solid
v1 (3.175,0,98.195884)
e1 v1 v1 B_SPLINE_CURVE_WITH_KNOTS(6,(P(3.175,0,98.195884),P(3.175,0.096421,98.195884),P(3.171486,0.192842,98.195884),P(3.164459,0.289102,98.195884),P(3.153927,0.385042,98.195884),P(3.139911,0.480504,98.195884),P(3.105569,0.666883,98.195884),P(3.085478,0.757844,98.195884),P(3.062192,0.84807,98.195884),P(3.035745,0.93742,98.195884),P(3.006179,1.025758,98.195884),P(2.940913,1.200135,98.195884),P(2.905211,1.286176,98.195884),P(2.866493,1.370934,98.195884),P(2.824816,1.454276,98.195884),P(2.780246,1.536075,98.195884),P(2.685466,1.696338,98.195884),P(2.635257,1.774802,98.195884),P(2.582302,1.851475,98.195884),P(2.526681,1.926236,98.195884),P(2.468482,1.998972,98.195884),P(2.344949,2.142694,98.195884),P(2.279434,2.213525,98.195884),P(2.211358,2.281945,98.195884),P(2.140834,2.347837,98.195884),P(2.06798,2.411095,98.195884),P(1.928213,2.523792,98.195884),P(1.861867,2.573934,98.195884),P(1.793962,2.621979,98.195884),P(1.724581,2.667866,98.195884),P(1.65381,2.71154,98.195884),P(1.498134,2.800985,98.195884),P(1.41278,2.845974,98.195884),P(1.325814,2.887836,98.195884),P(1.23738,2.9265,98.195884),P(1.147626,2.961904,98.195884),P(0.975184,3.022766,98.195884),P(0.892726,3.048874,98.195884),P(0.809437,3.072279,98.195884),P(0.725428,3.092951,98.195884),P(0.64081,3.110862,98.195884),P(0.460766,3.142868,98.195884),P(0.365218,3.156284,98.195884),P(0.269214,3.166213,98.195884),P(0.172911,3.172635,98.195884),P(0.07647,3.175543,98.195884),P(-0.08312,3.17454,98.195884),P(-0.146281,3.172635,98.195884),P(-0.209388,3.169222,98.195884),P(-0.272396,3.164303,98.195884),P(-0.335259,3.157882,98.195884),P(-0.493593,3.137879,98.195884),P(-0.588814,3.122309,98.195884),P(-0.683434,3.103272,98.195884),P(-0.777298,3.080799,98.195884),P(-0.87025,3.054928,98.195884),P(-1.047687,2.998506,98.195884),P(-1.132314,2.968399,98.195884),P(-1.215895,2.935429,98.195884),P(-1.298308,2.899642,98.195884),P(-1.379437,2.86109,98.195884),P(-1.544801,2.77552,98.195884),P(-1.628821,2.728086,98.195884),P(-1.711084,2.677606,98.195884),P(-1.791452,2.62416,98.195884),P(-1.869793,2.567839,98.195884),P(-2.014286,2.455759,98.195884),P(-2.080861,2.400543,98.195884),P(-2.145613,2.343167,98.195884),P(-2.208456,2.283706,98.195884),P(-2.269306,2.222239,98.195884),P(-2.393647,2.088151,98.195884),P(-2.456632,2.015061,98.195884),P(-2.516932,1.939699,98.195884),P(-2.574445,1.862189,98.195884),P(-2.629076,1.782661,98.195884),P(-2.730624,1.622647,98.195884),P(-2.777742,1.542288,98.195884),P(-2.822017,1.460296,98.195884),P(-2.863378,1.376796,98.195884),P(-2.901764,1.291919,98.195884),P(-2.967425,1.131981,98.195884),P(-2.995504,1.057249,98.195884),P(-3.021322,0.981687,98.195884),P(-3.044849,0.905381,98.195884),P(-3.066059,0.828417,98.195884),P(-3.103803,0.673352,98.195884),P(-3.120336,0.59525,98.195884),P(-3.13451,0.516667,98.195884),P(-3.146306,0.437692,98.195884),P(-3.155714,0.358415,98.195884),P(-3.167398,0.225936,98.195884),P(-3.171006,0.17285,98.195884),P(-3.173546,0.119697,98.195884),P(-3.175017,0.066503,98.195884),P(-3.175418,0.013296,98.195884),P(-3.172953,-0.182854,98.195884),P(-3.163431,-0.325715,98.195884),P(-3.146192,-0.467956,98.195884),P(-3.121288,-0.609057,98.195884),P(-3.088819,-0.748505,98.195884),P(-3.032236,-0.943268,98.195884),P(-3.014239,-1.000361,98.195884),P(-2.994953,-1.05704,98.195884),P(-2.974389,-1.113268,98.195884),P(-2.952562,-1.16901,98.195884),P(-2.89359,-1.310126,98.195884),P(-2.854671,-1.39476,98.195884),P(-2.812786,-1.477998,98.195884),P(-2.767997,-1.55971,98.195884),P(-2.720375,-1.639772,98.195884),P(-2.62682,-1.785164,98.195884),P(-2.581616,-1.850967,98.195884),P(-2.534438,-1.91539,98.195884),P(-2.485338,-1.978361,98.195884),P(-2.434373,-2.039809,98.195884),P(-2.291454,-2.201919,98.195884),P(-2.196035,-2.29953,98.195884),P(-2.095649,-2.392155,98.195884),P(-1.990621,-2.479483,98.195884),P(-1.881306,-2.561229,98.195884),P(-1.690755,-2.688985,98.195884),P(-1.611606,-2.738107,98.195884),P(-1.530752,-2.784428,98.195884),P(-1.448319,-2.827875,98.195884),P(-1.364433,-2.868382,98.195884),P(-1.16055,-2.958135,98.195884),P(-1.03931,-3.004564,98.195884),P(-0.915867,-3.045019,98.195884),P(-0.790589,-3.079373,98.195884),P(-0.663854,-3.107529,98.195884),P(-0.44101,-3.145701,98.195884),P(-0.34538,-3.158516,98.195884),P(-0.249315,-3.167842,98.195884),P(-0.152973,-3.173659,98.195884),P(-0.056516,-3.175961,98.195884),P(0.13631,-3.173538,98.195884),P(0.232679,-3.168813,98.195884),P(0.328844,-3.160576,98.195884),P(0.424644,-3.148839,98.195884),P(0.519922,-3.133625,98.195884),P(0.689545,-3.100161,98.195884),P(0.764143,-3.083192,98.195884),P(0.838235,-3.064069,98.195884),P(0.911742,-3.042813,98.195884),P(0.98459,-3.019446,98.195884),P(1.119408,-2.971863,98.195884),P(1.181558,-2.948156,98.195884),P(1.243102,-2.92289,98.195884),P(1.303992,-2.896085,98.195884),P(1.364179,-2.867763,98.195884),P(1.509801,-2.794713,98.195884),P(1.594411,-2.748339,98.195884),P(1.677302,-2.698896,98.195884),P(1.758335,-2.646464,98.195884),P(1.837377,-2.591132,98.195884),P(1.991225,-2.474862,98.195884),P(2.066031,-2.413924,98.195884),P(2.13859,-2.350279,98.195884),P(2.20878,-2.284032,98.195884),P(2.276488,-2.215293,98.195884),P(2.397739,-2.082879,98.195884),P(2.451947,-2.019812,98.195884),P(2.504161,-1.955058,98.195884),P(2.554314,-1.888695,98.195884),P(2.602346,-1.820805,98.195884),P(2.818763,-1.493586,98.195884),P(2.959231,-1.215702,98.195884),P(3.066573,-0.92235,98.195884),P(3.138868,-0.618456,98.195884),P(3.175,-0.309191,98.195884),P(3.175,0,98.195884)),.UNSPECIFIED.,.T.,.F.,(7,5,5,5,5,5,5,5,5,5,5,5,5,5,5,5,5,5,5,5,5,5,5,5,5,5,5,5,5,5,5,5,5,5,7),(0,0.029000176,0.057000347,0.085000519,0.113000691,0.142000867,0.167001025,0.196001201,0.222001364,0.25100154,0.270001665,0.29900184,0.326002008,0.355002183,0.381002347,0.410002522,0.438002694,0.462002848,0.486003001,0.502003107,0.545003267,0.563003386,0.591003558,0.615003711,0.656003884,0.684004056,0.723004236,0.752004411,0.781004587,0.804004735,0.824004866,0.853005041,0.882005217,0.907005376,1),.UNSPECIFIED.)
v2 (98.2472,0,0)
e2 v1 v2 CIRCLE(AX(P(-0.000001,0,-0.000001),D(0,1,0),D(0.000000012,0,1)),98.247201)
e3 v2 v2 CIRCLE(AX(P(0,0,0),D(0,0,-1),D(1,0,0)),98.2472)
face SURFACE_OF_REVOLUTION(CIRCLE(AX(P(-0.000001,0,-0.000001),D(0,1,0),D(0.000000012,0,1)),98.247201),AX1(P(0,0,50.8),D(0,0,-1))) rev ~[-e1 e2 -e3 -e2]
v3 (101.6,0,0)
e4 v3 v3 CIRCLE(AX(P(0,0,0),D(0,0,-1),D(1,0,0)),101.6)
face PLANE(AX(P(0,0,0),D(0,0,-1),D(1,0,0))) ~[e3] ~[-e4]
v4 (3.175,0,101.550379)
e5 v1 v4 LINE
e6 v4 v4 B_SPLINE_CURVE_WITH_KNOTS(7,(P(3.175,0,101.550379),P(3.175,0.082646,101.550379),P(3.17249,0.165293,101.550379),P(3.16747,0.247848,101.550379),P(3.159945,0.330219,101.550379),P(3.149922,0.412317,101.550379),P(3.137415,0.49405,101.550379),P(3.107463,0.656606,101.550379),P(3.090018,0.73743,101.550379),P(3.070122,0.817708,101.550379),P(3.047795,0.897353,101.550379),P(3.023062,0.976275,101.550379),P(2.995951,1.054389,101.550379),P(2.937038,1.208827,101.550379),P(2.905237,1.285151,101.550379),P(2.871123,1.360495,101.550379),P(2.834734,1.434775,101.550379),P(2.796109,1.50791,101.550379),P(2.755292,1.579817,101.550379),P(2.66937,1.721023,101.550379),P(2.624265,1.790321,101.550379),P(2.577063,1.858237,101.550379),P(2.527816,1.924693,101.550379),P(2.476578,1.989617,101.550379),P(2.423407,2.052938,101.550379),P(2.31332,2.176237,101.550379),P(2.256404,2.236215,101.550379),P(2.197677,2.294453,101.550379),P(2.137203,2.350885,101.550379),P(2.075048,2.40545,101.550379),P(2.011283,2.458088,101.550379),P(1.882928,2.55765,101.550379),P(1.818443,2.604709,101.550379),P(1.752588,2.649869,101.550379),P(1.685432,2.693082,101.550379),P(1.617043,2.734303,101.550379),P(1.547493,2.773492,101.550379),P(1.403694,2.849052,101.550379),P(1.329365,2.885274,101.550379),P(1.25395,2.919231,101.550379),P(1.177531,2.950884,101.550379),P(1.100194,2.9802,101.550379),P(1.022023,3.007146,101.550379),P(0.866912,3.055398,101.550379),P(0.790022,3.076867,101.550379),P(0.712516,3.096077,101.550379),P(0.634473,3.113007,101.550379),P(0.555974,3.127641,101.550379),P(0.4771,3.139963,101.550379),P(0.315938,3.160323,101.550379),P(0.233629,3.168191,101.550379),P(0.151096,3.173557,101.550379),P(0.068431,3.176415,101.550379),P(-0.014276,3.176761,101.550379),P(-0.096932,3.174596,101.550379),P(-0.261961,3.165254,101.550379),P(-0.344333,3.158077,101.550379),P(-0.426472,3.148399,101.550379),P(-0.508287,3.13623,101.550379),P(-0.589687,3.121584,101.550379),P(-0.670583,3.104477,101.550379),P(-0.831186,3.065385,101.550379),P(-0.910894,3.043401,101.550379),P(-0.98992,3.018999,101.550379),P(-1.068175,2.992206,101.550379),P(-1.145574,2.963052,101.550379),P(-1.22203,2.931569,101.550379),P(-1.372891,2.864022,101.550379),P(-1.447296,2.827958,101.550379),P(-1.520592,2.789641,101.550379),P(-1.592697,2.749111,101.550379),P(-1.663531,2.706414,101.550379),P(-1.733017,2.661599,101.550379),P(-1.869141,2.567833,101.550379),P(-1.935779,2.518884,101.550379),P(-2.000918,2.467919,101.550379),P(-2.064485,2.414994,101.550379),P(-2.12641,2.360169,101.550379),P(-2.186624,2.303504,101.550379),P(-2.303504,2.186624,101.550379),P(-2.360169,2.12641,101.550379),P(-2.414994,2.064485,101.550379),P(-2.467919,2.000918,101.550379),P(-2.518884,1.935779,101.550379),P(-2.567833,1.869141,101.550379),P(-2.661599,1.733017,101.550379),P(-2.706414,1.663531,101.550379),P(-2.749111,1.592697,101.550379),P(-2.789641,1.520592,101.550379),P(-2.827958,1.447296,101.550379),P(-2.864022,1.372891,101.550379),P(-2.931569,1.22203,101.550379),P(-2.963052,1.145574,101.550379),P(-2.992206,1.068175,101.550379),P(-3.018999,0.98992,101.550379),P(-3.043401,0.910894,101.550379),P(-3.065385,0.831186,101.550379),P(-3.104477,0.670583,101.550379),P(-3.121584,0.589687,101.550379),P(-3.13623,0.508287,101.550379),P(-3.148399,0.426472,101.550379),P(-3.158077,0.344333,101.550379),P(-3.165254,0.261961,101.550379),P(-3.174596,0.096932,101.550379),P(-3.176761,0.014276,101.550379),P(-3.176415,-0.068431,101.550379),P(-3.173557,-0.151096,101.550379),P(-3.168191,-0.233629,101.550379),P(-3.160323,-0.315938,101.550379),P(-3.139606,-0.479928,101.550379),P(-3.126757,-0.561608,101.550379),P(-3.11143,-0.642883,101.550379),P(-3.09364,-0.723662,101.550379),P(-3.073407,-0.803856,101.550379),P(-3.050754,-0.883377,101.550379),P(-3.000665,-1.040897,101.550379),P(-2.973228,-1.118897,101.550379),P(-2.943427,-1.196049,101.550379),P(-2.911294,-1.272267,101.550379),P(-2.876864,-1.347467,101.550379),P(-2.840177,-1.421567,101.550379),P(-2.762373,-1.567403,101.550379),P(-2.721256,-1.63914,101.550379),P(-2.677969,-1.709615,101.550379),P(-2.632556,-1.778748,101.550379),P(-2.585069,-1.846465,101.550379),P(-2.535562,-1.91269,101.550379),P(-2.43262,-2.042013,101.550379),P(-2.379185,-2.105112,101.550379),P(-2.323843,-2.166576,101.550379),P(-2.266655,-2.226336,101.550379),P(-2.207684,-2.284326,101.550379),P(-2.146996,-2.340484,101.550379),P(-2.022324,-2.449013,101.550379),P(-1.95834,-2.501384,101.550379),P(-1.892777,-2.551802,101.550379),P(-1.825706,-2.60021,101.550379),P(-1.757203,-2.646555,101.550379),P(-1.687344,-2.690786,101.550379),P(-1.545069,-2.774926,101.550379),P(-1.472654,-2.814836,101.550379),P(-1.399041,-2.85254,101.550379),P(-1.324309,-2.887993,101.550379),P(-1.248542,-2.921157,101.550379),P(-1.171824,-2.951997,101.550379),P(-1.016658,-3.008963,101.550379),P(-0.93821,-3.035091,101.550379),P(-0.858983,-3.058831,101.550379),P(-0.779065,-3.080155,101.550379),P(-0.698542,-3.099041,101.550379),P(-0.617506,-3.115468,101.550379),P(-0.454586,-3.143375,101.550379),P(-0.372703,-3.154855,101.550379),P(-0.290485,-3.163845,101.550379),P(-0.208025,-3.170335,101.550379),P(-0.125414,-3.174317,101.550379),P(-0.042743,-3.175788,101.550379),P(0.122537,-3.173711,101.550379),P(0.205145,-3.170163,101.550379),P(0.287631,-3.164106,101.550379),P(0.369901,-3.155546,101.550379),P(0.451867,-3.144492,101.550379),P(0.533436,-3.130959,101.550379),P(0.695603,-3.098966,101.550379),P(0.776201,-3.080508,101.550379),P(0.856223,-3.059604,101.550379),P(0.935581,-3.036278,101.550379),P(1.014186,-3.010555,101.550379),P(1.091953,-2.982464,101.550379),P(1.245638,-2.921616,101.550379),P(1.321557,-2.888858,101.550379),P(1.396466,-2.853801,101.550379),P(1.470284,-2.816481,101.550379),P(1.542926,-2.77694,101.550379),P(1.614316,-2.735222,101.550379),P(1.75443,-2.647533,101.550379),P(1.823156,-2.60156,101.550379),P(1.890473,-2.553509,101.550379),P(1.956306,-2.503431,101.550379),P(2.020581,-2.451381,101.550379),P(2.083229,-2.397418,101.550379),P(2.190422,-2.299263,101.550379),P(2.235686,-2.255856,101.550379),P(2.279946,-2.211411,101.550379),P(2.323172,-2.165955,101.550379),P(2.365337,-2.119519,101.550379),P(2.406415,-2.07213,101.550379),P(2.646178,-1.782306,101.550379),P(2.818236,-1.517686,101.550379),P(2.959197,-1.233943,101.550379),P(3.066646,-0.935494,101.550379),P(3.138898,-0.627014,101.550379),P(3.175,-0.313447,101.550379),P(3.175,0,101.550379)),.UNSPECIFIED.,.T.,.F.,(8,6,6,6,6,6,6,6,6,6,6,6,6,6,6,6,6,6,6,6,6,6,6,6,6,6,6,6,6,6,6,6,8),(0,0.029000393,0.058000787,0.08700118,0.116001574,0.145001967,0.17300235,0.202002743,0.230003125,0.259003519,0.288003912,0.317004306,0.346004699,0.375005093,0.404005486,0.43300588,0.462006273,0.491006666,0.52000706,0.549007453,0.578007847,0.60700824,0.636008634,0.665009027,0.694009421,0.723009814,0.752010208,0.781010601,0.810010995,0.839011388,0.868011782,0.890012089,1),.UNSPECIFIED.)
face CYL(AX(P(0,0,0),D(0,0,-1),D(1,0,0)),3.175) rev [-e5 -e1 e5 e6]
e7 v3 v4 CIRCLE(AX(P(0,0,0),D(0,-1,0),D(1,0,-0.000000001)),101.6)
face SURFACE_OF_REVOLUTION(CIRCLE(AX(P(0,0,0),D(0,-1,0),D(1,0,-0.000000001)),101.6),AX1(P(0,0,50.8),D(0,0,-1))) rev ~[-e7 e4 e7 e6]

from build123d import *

# Parameters (mm, degrees)
F2_R     = 3.175
F3_DEPTH = 101.601


with BuildPart() as f1:
    # F0 (on Front) → F1 (revolve)
    with BuildSketch(Plane.XZ):
        with BuildLine():
            ThreePointArc((0, 98.2472), (69.471261, 69.471261), (98.2472, 0))
            Line((98.2472, 0), (101.6, 0))
            ThreePointArc((101.6, 0), (71.842049, 71.842049), (0, 101.6))
            Line((0, 101.6), (0, 98.2472))
        make_face()
    revolve(axis=Axis((0, 0, 50.8), (0, 0, -1)))

    # F2 (on Top) → F3 (cut, through all)
    with BuildSketch(Plane.XY):
        Circle(F2_R)
    extrude(amount=F3_DEPTH, mode=Mode.SUBTRACT)


solid = f1.part
